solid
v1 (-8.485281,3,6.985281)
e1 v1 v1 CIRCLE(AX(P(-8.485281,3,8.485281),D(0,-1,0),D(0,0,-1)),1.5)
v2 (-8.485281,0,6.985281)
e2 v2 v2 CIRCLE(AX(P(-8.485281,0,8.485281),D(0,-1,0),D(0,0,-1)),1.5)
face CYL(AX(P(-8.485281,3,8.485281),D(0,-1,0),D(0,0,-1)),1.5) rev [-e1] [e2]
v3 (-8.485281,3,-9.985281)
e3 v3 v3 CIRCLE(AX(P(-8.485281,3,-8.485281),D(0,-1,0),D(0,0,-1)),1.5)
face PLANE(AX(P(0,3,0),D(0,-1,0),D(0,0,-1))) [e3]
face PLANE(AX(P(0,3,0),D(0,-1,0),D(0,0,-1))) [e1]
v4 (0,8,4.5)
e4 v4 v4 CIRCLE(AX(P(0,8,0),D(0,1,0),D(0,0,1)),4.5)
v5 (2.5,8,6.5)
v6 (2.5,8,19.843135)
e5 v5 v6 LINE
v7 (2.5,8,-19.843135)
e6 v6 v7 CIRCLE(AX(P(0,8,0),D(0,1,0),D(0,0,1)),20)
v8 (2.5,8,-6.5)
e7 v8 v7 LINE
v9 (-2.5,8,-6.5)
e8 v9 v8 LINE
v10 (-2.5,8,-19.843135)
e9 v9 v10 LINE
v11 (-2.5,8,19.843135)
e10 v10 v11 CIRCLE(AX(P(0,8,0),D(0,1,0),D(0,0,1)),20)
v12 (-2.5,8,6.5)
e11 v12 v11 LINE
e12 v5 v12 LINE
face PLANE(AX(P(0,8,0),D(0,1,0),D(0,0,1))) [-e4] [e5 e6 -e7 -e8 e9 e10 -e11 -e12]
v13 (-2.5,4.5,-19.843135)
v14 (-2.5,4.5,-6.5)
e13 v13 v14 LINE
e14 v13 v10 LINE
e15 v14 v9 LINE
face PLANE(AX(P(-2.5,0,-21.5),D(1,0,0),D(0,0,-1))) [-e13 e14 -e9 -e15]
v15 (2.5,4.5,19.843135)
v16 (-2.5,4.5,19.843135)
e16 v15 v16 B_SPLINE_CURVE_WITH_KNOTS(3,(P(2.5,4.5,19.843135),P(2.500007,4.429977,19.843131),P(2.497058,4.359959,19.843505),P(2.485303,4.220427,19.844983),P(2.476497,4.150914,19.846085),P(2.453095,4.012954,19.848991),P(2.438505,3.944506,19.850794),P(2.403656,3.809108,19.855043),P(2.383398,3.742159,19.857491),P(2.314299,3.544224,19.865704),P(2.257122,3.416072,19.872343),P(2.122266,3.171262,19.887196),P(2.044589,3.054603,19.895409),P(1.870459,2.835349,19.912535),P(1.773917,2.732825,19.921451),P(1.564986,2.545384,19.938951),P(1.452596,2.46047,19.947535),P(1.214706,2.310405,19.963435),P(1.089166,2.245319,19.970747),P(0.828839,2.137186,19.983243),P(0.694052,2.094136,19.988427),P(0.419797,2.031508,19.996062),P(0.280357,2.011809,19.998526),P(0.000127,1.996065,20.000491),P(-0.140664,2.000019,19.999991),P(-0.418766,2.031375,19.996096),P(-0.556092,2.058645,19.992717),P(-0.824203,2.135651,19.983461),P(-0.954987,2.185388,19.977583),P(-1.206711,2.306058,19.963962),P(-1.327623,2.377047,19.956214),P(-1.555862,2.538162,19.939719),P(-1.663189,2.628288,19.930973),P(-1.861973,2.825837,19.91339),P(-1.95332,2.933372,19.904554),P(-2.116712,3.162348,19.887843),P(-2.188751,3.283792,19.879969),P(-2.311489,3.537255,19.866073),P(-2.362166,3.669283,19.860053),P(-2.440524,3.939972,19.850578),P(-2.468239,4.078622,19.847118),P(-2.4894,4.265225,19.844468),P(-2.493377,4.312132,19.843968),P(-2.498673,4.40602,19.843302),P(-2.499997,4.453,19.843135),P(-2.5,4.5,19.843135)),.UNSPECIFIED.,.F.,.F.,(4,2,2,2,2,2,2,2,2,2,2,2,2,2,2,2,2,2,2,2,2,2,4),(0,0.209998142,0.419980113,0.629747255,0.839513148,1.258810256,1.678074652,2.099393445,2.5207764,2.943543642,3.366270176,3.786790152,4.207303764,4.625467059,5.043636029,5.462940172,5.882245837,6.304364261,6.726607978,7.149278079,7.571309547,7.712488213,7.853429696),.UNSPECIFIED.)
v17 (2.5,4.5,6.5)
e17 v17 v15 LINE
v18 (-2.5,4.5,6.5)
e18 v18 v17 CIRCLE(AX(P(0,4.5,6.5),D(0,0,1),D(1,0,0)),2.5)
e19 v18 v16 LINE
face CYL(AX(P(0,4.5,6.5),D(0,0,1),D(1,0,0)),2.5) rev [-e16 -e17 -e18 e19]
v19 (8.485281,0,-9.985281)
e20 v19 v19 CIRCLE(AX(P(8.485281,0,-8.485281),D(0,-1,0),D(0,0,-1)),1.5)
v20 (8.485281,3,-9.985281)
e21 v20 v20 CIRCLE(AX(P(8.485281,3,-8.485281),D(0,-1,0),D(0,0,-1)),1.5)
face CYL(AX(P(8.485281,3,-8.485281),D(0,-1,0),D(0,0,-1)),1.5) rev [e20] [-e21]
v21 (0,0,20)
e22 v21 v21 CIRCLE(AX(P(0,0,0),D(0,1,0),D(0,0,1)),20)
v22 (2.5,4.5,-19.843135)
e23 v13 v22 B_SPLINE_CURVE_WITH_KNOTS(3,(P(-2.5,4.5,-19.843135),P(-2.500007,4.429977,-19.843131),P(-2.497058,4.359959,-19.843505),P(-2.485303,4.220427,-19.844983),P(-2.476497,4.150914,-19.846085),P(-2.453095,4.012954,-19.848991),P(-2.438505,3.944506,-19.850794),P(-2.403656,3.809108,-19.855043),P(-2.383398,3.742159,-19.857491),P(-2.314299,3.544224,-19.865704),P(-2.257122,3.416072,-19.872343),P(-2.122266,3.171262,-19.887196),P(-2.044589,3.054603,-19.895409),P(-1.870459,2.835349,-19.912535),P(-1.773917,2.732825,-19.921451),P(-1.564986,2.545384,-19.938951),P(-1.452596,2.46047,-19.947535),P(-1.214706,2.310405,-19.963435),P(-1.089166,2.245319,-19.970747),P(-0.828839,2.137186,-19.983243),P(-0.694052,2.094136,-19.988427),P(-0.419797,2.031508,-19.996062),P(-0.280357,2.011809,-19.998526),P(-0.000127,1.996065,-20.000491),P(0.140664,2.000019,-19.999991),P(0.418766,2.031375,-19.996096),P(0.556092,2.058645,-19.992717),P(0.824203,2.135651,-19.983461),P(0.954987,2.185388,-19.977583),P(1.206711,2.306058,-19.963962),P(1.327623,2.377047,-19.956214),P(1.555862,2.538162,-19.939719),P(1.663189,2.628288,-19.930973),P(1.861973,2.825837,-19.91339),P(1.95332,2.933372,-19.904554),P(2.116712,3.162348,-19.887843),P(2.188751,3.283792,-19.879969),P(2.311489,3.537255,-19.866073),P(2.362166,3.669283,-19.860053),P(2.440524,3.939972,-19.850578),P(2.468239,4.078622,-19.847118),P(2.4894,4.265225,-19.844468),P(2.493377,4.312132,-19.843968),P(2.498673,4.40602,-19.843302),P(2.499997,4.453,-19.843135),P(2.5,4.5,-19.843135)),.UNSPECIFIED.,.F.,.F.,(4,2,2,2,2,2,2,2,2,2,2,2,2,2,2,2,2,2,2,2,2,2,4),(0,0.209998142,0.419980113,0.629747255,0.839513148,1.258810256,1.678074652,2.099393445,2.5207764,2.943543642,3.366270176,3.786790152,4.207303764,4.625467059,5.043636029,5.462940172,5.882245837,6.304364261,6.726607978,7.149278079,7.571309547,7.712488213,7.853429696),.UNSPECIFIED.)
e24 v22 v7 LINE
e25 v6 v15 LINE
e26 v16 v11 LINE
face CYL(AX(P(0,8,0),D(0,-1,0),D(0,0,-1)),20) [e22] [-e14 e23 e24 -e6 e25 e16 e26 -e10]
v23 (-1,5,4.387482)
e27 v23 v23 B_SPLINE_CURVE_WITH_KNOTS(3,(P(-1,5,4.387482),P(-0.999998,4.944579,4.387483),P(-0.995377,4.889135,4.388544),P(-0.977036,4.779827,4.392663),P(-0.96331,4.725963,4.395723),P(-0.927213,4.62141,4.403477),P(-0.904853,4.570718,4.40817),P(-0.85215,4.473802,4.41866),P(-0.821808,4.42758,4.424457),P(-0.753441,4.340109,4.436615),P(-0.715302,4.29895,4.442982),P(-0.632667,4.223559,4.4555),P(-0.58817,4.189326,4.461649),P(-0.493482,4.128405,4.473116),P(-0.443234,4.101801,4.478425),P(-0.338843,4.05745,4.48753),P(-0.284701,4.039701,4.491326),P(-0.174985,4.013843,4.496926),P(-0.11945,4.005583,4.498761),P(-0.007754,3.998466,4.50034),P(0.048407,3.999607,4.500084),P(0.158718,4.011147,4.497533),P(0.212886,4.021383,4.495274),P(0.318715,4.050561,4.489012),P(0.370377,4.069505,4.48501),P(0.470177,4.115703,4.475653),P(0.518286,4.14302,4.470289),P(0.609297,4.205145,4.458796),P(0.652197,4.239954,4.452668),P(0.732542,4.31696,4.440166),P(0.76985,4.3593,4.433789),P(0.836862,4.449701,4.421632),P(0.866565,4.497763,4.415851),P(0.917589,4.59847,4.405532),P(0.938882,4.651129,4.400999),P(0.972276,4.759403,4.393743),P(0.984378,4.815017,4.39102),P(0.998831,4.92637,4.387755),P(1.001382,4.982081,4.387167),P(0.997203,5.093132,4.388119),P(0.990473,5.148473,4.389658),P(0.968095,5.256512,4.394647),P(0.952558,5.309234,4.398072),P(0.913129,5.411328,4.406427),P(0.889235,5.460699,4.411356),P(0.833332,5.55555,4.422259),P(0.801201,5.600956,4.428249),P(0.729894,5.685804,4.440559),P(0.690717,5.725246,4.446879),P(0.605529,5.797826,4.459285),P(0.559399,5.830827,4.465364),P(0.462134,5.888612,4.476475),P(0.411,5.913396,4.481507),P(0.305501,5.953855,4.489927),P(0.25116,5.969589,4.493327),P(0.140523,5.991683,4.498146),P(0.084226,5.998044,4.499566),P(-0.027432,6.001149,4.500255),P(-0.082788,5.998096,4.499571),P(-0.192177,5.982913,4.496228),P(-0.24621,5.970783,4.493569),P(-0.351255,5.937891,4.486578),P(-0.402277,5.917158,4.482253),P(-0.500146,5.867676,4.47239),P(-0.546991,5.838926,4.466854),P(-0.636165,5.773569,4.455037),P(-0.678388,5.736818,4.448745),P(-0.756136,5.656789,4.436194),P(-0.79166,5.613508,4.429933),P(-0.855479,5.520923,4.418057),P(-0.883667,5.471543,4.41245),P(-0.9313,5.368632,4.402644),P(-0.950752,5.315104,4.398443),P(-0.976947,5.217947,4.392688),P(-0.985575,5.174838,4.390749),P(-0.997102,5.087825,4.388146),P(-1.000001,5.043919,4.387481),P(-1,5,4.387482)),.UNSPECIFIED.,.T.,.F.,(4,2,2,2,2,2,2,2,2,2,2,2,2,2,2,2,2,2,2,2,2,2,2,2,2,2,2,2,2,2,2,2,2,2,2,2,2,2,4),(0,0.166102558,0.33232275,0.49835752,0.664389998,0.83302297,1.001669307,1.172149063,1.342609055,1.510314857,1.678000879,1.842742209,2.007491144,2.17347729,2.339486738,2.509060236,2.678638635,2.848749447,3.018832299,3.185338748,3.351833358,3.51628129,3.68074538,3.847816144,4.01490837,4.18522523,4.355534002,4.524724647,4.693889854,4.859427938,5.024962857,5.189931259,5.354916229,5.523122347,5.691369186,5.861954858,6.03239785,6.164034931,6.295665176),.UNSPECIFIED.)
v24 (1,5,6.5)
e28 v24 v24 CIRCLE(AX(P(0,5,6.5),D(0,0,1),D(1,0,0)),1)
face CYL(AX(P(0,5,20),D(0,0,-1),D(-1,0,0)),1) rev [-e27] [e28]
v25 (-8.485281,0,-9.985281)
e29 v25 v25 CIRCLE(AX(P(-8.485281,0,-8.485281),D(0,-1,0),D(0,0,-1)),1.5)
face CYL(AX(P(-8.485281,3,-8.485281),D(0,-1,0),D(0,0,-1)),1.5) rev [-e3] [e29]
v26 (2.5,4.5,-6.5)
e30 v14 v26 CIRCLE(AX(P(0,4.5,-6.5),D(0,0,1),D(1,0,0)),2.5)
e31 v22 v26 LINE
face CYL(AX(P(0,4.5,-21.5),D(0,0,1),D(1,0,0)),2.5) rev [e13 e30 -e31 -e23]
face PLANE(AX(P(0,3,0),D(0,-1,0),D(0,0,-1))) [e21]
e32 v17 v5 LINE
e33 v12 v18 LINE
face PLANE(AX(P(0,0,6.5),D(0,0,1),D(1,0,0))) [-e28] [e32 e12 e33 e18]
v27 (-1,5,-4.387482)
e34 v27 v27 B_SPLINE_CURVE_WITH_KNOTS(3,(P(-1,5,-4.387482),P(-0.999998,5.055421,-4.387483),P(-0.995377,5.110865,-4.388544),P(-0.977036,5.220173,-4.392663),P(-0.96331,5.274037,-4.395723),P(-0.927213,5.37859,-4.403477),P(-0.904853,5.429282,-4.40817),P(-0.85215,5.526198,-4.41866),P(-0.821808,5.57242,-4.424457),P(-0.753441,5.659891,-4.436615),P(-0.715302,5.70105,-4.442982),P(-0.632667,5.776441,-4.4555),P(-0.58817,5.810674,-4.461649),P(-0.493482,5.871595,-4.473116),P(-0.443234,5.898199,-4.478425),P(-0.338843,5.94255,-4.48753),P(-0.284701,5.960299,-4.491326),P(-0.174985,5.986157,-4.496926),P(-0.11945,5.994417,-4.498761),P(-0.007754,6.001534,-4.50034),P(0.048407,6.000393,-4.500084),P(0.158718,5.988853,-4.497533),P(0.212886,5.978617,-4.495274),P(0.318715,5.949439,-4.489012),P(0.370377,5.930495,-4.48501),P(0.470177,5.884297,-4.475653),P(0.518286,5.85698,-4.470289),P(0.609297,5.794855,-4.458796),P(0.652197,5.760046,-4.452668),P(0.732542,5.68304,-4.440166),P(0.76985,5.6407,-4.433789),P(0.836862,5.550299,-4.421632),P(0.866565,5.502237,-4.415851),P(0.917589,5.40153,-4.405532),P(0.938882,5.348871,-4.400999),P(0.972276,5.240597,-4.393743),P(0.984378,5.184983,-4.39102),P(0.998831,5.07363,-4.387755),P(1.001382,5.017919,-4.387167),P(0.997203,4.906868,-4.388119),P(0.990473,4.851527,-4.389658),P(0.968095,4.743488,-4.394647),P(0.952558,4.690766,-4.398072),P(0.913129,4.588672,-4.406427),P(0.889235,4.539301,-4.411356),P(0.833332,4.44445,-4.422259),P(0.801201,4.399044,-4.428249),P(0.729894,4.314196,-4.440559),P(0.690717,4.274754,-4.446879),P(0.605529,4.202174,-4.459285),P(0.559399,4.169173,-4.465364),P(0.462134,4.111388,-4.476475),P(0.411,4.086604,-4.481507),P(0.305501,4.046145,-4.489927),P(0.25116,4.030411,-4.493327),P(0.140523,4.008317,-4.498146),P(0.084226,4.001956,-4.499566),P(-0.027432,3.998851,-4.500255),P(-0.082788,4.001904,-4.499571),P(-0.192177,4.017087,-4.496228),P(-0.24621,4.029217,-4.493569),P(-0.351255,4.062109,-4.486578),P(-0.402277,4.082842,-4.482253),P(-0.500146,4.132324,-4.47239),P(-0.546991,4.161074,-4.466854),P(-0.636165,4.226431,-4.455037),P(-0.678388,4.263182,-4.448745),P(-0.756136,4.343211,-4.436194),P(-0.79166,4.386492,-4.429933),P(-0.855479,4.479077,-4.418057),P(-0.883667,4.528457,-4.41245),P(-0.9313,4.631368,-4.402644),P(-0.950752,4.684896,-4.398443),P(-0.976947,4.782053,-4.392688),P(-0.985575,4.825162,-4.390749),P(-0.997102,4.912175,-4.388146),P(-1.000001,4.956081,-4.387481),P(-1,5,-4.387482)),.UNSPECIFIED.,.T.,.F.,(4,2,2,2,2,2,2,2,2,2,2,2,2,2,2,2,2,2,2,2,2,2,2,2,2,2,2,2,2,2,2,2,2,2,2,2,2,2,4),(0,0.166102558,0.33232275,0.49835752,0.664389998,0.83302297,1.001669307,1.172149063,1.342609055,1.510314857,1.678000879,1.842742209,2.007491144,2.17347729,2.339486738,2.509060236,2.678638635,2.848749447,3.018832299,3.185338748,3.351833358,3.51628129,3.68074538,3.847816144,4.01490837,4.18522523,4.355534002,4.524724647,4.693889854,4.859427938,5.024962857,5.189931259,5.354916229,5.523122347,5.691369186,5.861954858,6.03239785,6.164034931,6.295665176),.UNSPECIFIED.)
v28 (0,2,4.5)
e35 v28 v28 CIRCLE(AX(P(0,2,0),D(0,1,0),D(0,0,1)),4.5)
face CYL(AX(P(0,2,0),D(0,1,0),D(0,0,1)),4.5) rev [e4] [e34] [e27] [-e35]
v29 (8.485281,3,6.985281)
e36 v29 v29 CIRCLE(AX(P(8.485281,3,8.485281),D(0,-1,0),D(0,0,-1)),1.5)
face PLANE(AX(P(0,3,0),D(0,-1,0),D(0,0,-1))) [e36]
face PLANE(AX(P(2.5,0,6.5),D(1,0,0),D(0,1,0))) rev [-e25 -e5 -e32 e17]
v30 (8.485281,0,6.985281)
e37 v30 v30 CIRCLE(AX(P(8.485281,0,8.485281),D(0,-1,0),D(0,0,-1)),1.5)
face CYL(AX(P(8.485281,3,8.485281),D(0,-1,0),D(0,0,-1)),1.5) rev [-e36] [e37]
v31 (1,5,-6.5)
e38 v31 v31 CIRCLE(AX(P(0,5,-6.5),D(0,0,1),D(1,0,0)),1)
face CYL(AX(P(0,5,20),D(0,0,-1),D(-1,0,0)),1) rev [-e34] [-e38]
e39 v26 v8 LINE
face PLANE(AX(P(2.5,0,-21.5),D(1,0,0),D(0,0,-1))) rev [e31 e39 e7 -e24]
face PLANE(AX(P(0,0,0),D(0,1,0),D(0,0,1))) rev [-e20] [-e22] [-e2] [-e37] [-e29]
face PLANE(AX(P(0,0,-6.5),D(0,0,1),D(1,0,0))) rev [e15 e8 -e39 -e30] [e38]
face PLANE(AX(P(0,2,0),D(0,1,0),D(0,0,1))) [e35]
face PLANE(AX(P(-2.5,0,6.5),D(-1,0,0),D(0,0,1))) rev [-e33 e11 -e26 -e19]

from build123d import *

# Parameters (mm, degrees)
SKETCH2_R               = 20
BOSS_EXTRUDE1_DEPTH     = 8
CUT_EXTRUDE7_DEPTH      = 33.622844756
CUT_EXTRUDE7_DEPTH_BACK = 33.622844756
SKETCH7_R               = 1
CUT_EXTRUDE8_DEPTH      = 13.5
CUT_EXTRUDE15_DEPTH     = 15
SKETCH3_R               = 4.5
CUT_EXTRUDE16_DEPTH     = 6
SKETCH12_R              = 1.5
CUT_EXTRUDE17_DEPTH     = 3


with BuildPart() as part:
    # Sketch2 → Boss-Extrude1 (new body)
    with BuildSketch(Plane(origin=(0, 0, 0), x_dir=(1, 0, 0), z_dir=(0, 1, 0))):
        with Locations(Location((0, 0, 0), (0, 0, 270))):
            Circle(SKETCH2_R)
    extrude(amount=BOSS_EXTRUDE1_DEPTH)

    # Sketch7 → Cut-Extrude7 (cut, two sides: drawn at the far end of the back side and taken through both)
    with BuildSketch(Plane.XY.offset(4.5).offset(-CUT_EXTRUDE7_DEPTH_BACK)):
        with Locations(Location((0, 5, 0), (0, 0, 90))):
            Circle(SKETCH7_R)
    extrude(amount=CUT_EXTRUDE7_DEPTH + CUT_EXTRUDE7_DEPTH_BACK, mode=Mode.SUBTRACT)

    # Sketch9 → Cut-Extrude8 (cut)
    with BuildSketch(Plane.XY.offset(20)):
        with BuildLine():
            Line((2.5, 4.5), (2.5, 8))
            Line((2.5, 8), (-2.5, 8))
            Line((-2.5, 8), (-2.5, 4.5))
            ThreePointArc((-2.5, 4.5), (0, 2), (2.5, 4.5))
        make_face()
    extrude(amount=-CUT_EXTRUDE8_DEPTH, mode=Mode.SUBTRACT)

    # Sketch10 → Cut-Extrude15 (cut)
    with BuildSketch(Plane.XY.offset(-6.5)):
        with BuildLine():
            Line((0, 8), (0, 2))
            ThreePointArc((0, 2), (1.767766953, 2.732233047), (2.5, 4.5))
            Line((2.5, 4.5), (2.5, 8))
            Line((2.5, 8), (0, 8))
        make_face()
        with BuildLine():
            ThreePointArc((-2.5, 4.5), (-1.767766953, 2.732233047), (0, 2))
            Line((0, 2), (0, 8))
            Line((0, 8), (-2.5, 8))
            Line((-2.5, 8), (-2.5, 4.5))
        make_face()
    extrude(amount=-CUT_EXTRUDE15_DEPTH, mode=Mode.SUBTRACT)

    # Sketch3 → Cut-Extrude16 (cut)
    with BuildSketch(Plane(origin=(0, 8, 0), x_dir=(1, 0, 0), z_dir=(0, 1, 0))):
        with Locations(Location((0, 0, 0), (0, 0, 270))):
            Circle(SKETCH3_R)
    extrude(amount=-CUT_EXTRUDE16_DEPTH, mode=Mode.SUBTRACT)

    # Sketch12 → Cut-Extrude17 (cut)
    with BuildSketch(Plane.XZ):
        with Locations(Location((-8.485281374, 8.485281374, 0), (0, 0, 270))):
            Circle(SKETCH12_R)
        with Locations(Location((8.485281374, 8.485281374, 0), (0, 0, 270))):
            Circle(SKETCH12_R)
        with Locations(Location((8.485281374, -8.485281374, 0), (0, 0, 270))):
            Circle(SKETCH12_R)
        with Locations(Location((-8.485281374, -8.485281374, 0), (0, 0, 270))):
            Circle(SKETCH12_R)
    extrude(amount=-CUT_EXTRUDE17_DEPTH, mode=Mode.SUBTRACT)


solid = part.part
